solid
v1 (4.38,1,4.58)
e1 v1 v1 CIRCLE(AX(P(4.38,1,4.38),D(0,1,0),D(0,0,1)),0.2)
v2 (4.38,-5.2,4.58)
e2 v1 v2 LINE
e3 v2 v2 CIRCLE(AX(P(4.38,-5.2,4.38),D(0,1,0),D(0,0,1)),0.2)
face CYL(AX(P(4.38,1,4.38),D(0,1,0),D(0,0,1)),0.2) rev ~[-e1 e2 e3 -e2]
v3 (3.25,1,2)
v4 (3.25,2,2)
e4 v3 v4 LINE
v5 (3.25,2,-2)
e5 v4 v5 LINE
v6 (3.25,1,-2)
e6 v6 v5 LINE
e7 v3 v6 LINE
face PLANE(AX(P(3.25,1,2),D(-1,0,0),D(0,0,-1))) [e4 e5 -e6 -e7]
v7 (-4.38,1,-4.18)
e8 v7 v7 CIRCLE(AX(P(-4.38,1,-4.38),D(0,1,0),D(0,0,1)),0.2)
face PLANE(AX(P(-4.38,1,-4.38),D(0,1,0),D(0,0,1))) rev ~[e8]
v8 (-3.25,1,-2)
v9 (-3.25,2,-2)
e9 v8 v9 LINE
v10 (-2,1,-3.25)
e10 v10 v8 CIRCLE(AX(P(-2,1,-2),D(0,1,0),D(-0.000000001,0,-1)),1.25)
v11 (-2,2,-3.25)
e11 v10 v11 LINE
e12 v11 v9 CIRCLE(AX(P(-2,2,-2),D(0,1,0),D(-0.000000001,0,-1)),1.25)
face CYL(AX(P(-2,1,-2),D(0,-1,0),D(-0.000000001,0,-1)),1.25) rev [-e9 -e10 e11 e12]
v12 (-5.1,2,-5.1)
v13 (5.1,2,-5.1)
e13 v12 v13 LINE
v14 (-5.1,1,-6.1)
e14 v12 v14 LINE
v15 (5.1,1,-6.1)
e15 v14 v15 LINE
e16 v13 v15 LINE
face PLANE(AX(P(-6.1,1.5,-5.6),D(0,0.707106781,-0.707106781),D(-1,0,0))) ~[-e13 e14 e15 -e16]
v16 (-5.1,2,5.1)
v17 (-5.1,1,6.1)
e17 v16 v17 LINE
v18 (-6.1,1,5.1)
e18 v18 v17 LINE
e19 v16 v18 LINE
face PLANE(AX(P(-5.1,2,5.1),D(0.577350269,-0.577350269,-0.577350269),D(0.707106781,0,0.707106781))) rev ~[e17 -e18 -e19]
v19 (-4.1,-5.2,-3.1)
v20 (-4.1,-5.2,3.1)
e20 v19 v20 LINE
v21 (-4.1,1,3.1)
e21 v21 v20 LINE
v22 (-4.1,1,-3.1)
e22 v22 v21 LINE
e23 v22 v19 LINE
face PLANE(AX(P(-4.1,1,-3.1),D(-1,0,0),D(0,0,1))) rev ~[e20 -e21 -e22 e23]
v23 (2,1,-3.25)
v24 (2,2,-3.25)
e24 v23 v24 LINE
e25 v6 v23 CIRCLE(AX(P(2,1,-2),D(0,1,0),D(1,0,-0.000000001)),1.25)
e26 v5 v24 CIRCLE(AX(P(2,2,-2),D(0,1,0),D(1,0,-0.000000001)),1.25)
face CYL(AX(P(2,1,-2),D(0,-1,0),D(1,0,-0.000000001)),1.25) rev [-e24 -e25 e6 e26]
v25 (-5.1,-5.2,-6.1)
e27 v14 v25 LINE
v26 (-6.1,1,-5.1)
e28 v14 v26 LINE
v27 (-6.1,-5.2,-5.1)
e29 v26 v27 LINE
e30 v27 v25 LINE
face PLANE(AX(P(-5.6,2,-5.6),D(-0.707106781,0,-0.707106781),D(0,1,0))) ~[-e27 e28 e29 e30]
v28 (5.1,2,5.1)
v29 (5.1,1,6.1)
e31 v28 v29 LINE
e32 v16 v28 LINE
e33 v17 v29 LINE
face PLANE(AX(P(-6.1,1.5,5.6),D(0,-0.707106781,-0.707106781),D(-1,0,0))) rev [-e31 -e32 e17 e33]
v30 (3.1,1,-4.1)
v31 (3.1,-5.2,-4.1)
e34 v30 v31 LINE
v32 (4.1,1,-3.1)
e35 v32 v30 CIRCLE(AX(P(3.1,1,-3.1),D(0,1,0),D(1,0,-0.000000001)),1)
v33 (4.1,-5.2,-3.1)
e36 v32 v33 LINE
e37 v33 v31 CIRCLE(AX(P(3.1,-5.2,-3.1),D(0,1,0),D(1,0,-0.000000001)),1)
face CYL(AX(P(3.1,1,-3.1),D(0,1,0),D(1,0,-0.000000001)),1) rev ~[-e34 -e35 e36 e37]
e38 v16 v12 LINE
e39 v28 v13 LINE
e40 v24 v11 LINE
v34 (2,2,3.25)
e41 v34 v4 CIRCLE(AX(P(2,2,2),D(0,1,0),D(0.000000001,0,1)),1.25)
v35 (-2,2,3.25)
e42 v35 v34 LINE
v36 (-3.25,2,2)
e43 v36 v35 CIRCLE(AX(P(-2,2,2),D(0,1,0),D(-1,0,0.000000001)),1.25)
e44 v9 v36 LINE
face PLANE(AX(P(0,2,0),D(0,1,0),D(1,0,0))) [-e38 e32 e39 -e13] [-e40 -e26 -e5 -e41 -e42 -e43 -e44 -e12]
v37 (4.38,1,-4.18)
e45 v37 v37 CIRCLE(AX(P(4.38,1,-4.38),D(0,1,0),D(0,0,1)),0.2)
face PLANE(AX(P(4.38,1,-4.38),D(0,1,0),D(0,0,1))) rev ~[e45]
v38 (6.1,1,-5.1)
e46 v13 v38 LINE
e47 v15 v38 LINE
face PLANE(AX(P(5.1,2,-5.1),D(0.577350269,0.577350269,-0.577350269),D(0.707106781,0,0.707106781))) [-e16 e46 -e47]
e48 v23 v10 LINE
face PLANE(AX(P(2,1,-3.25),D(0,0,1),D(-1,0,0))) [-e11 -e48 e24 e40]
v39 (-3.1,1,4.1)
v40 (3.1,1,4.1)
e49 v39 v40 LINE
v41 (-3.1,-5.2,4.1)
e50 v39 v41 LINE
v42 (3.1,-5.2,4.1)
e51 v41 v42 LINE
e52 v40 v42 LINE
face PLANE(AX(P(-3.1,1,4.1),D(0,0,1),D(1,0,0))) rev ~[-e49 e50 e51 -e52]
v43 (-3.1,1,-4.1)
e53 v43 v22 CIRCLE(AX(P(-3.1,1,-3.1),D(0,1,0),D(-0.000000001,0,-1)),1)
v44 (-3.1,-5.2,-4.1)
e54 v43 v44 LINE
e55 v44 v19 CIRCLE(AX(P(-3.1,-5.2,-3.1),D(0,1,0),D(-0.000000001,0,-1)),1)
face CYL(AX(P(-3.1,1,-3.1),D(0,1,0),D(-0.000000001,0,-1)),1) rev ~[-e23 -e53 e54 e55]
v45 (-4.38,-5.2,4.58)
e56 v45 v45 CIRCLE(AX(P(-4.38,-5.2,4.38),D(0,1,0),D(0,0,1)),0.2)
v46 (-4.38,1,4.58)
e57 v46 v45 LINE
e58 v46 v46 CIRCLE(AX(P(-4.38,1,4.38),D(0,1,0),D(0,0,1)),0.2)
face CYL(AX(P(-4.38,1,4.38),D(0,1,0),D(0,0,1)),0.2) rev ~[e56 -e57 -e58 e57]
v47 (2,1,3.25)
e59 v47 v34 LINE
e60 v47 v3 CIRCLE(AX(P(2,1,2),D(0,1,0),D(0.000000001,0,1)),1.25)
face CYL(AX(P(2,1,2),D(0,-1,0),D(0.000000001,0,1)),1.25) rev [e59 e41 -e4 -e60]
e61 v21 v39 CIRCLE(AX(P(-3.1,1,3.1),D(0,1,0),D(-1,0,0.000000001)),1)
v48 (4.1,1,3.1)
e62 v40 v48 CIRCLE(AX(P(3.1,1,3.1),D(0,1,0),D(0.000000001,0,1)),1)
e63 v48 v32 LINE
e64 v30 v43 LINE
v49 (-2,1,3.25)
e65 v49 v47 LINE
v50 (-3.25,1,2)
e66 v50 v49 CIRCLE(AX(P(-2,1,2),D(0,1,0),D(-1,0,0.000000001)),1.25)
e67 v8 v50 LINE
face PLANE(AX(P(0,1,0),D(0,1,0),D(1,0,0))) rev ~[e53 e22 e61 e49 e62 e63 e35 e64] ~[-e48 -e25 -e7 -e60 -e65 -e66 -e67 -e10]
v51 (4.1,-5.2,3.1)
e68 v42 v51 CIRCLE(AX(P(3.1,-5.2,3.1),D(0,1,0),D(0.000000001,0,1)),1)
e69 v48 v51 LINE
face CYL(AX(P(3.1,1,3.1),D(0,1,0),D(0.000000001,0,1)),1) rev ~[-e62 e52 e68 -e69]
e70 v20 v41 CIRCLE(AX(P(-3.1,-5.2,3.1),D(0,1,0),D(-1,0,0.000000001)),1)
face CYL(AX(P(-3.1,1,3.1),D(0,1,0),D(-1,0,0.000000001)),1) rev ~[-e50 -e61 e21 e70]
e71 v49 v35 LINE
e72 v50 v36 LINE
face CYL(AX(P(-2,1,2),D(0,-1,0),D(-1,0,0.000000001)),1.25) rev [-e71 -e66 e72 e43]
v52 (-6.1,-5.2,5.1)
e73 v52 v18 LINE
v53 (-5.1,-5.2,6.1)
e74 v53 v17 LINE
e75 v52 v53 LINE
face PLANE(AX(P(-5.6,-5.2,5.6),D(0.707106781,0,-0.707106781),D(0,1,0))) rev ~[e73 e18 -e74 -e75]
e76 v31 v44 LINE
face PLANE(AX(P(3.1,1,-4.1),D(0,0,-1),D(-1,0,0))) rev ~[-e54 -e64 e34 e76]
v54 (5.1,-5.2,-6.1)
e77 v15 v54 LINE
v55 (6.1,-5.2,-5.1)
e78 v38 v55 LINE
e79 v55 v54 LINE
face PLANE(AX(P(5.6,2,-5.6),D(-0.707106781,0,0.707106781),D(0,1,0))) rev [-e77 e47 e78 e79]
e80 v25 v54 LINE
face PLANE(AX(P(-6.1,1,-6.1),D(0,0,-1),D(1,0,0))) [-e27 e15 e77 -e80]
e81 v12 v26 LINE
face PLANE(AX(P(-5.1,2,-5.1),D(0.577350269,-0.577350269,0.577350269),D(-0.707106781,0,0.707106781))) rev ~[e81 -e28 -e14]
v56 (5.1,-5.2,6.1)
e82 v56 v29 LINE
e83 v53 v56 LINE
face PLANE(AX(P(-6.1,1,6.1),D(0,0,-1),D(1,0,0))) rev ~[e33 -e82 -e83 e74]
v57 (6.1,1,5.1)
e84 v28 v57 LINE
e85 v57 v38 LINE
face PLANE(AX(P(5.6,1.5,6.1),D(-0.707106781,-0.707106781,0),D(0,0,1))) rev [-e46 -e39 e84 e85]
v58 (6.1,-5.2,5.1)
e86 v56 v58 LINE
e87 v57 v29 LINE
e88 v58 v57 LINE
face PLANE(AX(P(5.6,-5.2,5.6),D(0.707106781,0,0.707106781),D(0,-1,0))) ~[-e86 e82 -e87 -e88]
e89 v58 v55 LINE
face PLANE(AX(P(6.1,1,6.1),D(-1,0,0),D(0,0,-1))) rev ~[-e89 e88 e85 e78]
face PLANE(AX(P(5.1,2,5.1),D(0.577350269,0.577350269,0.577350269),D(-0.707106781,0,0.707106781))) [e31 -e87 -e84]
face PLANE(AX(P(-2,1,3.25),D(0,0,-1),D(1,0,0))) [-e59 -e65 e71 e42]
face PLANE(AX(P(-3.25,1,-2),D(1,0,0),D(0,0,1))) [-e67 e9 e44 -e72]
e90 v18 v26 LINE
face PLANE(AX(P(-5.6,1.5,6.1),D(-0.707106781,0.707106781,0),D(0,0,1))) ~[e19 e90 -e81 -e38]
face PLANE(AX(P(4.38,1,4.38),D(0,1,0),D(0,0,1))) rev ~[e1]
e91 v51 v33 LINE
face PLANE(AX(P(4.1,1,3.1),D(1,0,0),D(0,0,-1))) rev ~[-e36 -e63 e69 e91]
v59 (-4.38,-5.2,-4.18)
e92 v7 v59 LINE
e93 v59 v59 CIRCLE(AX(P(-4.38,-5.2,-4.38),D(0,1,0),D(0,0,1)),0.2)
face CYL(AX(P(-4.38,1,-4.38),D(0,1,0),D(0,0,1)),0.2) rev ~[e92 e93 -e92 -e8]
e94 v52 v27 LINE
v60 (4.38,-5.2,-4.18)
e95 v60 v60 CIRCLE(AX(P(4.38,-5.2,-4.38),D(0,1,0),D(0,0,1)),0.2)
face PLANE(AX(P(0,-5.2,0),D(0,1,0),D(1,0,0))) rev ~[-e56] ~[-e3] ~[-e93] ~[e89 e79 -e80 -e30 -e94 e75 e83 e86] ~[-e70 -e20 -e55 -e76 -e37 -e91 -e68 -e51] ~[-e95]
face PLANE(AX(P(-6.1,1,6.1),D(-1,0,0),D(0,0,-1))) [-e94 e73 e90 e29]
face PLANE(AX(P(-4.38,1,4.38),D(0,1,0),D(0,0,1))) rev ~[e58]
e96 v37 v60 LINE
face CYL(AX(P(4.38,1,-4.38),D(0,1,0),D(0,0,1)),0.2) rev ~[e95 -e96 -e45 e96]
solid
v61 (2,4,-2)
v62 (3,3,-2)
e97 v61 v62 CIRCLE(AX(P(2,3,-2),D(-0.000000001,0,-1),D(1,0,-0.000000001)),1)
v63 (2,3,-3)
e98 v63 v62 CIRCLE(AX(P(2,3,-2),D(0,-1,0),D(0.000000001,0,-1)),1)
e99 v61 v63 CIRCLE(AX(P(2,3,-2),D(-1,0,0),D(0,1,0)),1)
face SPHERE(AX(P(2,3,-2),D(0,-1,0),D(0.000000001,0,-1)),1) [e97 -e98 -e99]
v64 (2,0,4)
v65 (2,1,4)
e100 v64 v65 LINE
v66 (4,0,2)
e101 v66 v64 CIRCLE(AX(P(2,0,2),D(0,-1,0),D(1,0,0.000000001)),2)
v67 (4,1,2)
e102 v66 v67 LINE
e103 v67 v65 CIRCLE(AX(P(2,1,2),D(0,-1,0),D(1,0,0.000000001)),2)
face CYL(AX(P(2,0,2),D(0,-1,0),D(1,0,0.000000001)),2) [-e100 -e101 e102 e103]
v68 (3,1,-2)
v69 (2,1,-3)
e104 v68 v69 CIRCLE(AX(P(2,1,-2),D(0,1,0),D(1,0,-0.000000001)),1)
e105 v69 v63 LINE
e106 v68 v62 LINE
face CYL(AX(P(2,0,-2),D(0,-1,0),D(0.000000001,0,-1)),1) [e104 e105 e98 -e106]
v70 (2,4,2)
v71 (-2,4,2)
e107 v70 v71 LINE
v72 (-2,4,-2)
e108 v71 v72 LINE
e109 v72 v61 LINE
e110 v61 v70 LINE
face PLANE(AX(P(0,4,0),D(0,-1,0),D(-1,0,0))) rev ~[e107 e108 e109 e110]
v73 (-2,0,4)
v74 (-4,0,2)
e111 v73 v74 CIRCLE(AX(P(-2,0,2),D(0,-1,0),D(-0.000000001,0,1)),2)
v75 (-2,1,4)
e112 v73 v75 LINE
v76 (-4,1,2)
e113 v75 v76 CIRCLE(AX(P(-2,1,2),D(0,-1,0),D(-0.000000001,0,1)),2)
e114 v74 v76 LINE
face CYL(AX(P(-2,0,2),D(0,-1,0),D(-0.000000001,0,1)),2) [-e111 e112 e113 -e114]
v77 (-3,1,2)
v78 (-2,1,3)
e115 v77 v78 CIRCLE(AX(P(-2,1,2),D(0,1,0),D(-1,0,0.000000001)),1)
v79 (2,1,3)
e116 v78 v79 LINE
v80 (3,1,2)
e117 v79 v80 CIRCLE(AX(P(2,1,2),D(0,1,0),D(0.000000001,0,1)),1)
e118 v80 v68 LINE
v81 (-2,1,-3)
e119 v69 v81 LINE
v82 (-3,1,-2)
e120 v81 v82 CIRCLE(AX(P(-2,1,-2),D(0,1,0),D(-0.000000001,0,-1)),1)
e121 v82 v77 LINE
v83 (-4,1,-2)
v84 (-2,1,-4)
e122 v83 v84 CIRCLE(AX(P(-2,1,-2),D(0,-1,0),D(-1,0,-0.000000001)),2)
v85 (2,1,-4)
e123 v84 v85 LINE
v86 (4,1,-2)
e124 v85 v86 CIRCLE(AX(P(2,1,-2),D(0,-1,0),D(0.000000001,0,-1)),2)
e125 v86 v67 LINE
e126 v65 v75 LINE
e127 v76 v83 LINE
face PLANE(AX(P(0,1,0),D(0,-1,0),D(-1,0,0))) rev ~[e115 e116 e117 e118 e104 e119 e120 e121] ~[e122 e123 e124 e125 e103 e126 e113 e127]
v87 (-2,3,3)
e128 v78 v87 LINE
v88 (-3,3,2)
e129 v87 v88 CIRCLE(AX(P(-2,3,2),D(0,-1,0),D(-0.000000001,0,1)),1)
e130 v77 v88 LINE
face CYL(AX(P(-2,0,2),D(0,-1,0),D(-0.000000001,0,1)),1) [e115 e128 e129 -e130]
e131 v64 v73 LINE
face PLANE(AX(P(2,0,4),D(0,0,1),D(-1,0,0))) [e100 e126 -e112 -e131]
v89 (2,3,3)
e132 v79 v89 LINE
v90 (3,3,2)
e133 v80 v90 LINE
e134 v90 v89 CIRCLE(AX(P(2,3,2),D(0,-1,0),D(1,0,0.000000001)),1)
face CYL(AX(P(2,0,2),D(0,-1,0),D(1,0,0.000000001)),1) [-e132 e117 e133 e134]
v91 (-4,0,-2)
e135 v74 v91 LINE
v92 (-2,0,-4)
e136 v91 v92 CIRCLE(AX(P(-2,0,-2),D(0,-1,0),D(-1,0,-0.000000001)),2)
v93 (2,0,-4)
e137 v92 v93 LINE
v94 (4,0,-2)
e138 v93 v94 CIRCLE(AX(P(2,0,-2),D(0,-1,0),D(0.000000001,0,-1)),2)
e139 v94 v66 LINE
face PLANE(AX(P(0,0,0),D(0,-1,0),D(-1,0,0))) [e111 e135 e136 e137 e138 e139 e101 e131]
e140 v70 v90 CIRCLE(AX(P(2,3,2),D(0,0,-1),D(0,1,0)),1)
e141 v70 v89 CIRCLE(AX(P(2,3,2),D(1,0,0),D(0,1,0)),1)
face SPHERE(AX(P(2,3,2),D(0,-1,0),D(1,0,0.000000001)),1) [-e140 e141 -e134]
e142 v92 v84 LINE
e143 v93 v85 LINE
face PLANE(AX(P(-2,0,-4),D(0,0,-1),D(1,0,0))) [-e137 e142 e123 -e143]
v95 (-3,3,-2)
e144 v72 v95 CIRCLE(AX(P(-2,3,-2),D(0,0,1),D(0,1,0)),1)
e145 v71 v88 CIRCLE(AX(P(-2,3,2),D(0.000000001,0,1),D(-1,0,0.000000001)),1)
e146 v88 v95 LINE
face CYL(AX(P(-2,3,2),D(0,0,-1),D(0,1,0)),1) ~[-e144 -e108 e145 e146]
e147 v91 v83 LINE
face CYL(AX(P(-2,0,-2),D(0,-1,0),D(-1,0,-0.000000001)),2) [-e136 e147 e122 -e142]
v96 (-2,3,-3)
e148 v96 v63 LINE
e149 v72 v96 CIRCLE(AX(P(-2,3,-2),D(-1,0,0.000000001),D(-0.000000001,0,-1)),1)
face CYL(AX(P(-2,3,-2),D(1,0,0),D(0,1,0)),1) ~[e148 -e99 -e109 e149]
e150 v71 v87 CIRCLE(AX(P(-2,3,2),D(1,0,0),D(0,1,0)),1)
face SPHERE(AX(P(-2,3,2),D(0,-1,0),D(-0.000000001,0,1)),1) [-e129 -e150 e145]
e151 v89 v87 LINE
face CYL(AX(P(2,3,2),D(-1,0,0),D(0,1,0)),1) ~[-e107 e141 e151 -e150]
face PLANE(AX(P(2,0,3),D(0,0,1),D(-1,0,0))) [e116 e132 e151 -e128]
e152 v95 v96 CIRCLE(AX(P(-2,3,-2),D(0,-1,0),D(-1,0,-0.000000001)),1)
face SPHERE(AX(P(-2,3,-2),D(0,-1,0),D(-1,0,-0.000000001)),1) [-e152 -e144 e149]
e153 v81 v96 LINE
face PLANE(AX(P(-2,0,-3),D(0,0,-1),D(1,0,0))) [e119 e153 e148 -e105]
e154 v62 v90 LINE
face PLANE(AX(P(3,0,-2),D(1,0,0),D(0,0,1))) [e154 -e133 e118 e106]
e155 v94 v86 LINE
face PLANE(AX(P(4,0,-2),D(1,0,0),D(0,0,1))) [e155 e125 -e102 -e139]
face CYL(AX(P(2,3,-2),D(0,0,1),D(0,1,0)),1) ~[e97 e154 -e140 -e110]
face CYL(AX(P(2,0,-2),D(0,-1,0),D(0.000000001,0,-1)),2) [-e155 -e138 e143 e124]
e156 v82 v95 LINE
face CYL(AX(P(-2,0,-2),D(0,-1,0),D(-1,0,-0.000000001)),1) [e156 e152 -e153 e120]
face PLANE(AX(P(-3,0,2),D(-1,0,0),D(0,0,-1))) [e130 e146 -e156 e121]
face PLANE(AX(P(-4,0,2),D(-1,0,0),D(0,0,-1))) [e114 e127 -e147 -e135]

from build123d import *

# Parameters (mm, degrees)
BOSS_EXTRUDE1_DEPTH = 1
BOSS_EXTRUDE2_DEPTH = 4
FILLET1_R           = 1
SKETCH2_W           = 12.2
SKETCH2_H           = 12.2
SKETCH2_R           = 0.2
BOSS_EXTRUDE3_DEPTH = 6.2
SKETCH2_3_W         = 12.2
SKETCH2_3_H         = 12.2
SKETCH2_3_R         = 0.2
BOSS_EXTRUDE4_DEPTH = 1
CHAMFER1_SIZE       = 1


with BuildPart() as part:
    # Sketch1 → Boss-Extrude1 (new body)
    with BuildSketch(Plane(origin=(0, 0, 0), x_dir=(1, 0, 0), z_dir=(0, 1, 0))):
        with BuildLine():
            Line((-4, -2), (-4, 2))
            ThreePointArc((-4, 2), (-3.414213562, 3.414213562), (-2, 4))
            Line((-2, 4), (2, 4))
            ThreePointArc((2, 4), (3.414213562, 3.414213562), (4, 2))
            Line((4, 2), (4, -2))
            ThreePointArc((4, -2), (3.414213562, -3.414213562), (2, -4))
            Line((2, -4), (-2, -4))
            ThreePointArc((-2, -4), (-3.414213562, -3.414213562), (-4, -2))
        make_face()
        with BuildLine():
            Line((-2, -3), (2, -3))
            ThreePointArc((2, -3), (2.707106781, -2.707106781), (3, -2))
            Line((3, -2), (3, 2))
            ThreePointArc((3, 2), (2.707106781, 2.707106781), (2, 3))
            Line((2, 3), (-2, 3))
            ThreePointArc((-2, 3), (-2.707106781, 2.707106781), (-3, 2))
            Line((-3, 2), (-3, -2))
            ThreePointArc((-3, -2), (-2.707106781, -2.707106781), (-2, -3))
        make_face(mode=Mode.SUBTRACT)
    extrude(amount=BOSS_EXTRUDE1_DEPTH)

    # Sketch1<2> → Boss-Extrude2 (add)
    with BuildSketch(Plane(origin=(0, 0, 0), x_dir=(1, 0, 0), z_dir=(0, 1, 0))):
        with BuildLine():
            ThreePointArc((-3, 2), (-2.707106781, 2.707106781), (-2, 3))
            Line((-2, 3), (2, 3))
            ThreePointArc((2, 3), (2.707106781, 2.707106781), (3, 2))
            Line((3, 2), (3, -2))
            ThreePointArc((3, -2), (2.707106781, -2.707106781), (2, -3))
            Line((2, -3), (-2, -3))
            ThreePointArc((-2, -3), (-2.707106781, -2.707106781), (-3, -2))
            Line((-3, -2), (-3, 2))
        make_face()
    extrude(amount=BOSS_EXTRUDE2_DEPTH)

    # Fillet1
    fillet1_edges = [part.edges().sort_by_distance(p)[0] for p in [
        (0, 4, 3),
        (2.707106781, 4, 2.707106781),
        (3, 4, 0),
        (-2.707106781, 4, -2.707106781),
        (-3, 4, 0),
        (-2.707106781, 4, 2.707106781),
        (2.707106781, 4, -2.707106781),
        (0, 4, -3),
    ]]
    fillet(fillet1_edges, radius=FILLET1_R)


with BuildPart() as body_2:
    # Sketch2 → Boss-Extrude3 (new body)
    with BuildSketch(Plane(origin=(0, 1, 0), x_dir=(1, 0, 0), z_dir=(0, 1, 0))):
        Rectangle(SKETCH2_W, SKETCH2_H)
        with Locations(Location((4.38, -4.38, 0), (0, 0, 270))):
            Circle(SKETCH2_R, mode=Mode.SUBTRACT)
        with Locations(Location((4.38, 4.38, 0), (0, 0, 270))):
            Circle(SKETCH2_R, mode=Mode.SUBTRACT)
        with Locations(Location((-4.38, 4.38, 0), (0, 0, 270))):
            Circle(SKETCH2_R, mode=Mode.SUBTRACT)
        with Locations(Location((-4.38, -4.38, 0), (0, 0, 270))):
            Circle(SKETCH2_R, mode=Mode.SUBTRACT)
        with BuildLine():
            ThreePointArc((-4.1, -3.1), (-3.807106781, -3.807106781), (-3.1, -4.1))
            Line((-3.1, -4.1), (3.1, -4.1))
            ThreePointArc((3.1, -4.1), (3.807106781, -3.807106781), (4.1, -3.1))
            Line((4.1, -3.1), (4.1, 3.1))
            ThreePointArc((4.1, 3.1), (3.807106781, 3.807106781), (3.1, 4.1))
            Line((3.1, 4.1), (-3.1, 4.1))
            ThreePointArc((-3.1, 4.1), (-3.807106781, 3.807106781), (-4.1, 3.1))
            Line((-4.1, 3.1), (-4.1, -3.1))
        make_face(mode=Mode.SUBTRACT)
    extrude(amount=-BOSS_EXTRUDE3_DEPTH)

    # Sketch2<3> → Boss-Extrude4 (add)
    # profile 1 of 7: a face of its own
    with BuildSketch(Plane(origin=(0, 1, 0), x_dir=(1, 0, 0), z_dir=(0, 1, 0))):
        Rectangle(SKETCH2_3_W, SKETCH2_3_H)
        with Locations(Location((4.38, -4.38, 0), (0, 0, 270))):
            Circle(SKETCH2_3_R, mode=Mode.SUBTRACT)
        with Locations(Location((4.38, 4.38, 0), (0, 0, 270))):
            Circle(SKETCH2_3_R, mode=Mode.SUBTRACT)
        with Locations(Location((-4.38, 4.38, 0), (0, 0, 270))):
            Circle(SKETCH2_3_R, mode=Mode.SUBTRACT)
        with Locations(Location((-4.38, -4.38, 0), (0, 0, 270))):
            Circle(SKETCH2_3_R, mode=Mode.SUBTRACT)
        with BuildLine():
            ThreePointArc((-4.1, -3.1), (-3.807106781, -3.807106781), (-3.1, -4.1))
            Line((-3.1, -4.1), (3.1, -4.1))
            ThreePointArc((3.1, -4.1), (3.807106781, -3.807106781), (4.1, -3.1))
            Line((4.1, -3.1), (4.1, 3.1))
            ThreePointArc((4.1, 3.1), (3.807106781, 3.807106781), (3.1, 4.1))
            Line((3.1, 4.1), (-3.1, 4.1))
            ThreePointArc((-3.1, 4.1), (-3.807106781, 3.807106781), (-4.1, 3.1))
            Line((-4.1, 3.1), (-4.1, -3.1))
        make_face(mode=Mode.SUBTRACT)
    # profile 2 of 7: a face of its own
    with BuildSketch(Plane(origin=(0, 1, 0), x_dir=(1, 0, 0), z_dir=(0, 1, 0))):
        with BuildLine():
            Line((-4.1, 3.1), (-4.1, -3.1))
            ThreePointArc((-4.1, -3.1), (-3.807106781, -3.807106781), (-3.1, -4.1))
            Line((-3.1, -4.1), (3.1, -4.1))
            ThreePointArc((3.1, -4.1), (3.807106781, -3.807106781), (4.1, -3.1))
            Line((4.1, -3.1), (4.1, 3.1))
            ThreePointArc((4.1, 3.1), (3.807106781, 3.807106781), (3.1, 4.1))
            Line((3.1, 4.1), (-3.1, 4.1))
            ThreePointArc((-3.1, 4.1), (-3.807106781, 3.807106781), (-4.1, 3.1))
        make_face()
        with BuildLine():
            ThreePointArc((-4, -2), (-3.414213562, -3.414213562), (-2, -4))
            Line((-2, -4), (2, -4))
            ThreePointArc((2, -4), (3.414213562, -3.414213562), (4, -2))
            Line((4, -2), (4, 2))
            ThreePointArc((4, 2), (3.414213562, 3.414213562), (2, 4))
            Line((2, 4), (-2, 4))
            ThreePointArc((-2, 4), (-3.414213562, 3.414213562), (-4, 2))
            Line((-4, 2), (-4, -2))
        make_face(mode=Mode.SUBTRACT)
    # profile 3 of 7: a face of its own
    with BuildSketch(Plane(origin=(0, 1, 0), x_dir=(1, 0, 0), z_dir=(0, 1, 0))):
        with BuildLine():
            Line((-4, 2), (-4, -2))
            ThreePointArc((-4, -2), (-3.414213562, -3.414213562), (-2, -4))
            Line((-2, -4), (2, -4))
            ThreePointArc((2, -4), (3.414213562, -3.414213562), (4, -2))
            Line((4, -2), (4, 2))
            ThreePointArc((4, 2), (3.414213562, 3.414213562), (2, 4))
            Line((2, 4), (-2, 4))
            ThreePointArc((-2, 4), (-3.414213562, 3.414213562), (-4, 2))
        make_face()
        with BuildLine():
            ThreePointArc((-3.25, -2), (-2.883883476, -2.883883476), (-2, -3.25))
            Line((-2, -3.25), (2, -3.25))
            ThreePointArc((2, -3.25), (2.883883476, -2.883883476), (3.25, -2))
            Line((3.25, -2), (3.25, 2))
            ThreePointArc((3.25, 2), (2.883883476, 2.883883476), (2, 3.25))
            Line((2, 3.25), (-2, 3.25))
            ThreePointArc((-2, 3.25), (-2.883883476, 2.883883476), (-3.25, 2))
            Line((-3.25, 2), (-3.25, -2))
        make_face(mode=Mode.SUBTRACT)
    # profile 4 of 7: a face of its own
    with BuildSketch(Plane(origin=(0, 1, 0), x_dir=(1, 0, 0), z_dir=(0, 1, 0))):
        with Locations(Location((4.38, -4.38, 0), (0, 0, 270))):
            Circle(SKETCH2_3_R)
    # profile 5 of 7: a face of its own
    with BuildSketch(Plane(origin=(0, 1, 0), x_dir=(1, 0, 0), z_dir=(0, 1, 0))):
        with Locations(Location((-4.38, -4.38, 0), (0, 0, 270))):
            Circle(SKETCH2_3_R)
    # profile 6 of 7: a face of its own
    with BuildSketch(Plane(origin=(0, 1, 0), x_dir=(1, 0, 0), z_dir=(0, 1, 0))):
        with Locations(Location((-4.38, 4.38, 0), (0, 0, 270))):
            Circle(SKETCH2_3_R)
    # profile 7 of 7: a face of its own
    with BuildSketch(Plane(origin=(0, 1, 0), x_dir=(1, 0, 0), z_dir=(0, 1, 0))):
        with Locations(Location((4.38, 4.38, 0), (0, 0, 270))):
            Circle(SKETCH2_3_R)
    extrude(amount=BOSS_EXTRUDE4_DEPTH)

    # Chamfer1
    chamfer1_edges = [body_2.edges().sort_by_distance(p)[0] for p in [
        (6.1, -1.6, -6.1),
        (6.1, -1.6, 6.1),
        (-6.1, -1.6, 6.1),
        (-6.1, -1.6, -6.1),
        (0, 2, -6.1),
        (6.1, 2, 0),
        (-6.1, 2, 0),
        (0, 2, 6.1),
    ]]
    chamfer(chamfer1_edges, length=CHAMFER1_SIZE)


solid = Compound([part.part, body_2.part])
